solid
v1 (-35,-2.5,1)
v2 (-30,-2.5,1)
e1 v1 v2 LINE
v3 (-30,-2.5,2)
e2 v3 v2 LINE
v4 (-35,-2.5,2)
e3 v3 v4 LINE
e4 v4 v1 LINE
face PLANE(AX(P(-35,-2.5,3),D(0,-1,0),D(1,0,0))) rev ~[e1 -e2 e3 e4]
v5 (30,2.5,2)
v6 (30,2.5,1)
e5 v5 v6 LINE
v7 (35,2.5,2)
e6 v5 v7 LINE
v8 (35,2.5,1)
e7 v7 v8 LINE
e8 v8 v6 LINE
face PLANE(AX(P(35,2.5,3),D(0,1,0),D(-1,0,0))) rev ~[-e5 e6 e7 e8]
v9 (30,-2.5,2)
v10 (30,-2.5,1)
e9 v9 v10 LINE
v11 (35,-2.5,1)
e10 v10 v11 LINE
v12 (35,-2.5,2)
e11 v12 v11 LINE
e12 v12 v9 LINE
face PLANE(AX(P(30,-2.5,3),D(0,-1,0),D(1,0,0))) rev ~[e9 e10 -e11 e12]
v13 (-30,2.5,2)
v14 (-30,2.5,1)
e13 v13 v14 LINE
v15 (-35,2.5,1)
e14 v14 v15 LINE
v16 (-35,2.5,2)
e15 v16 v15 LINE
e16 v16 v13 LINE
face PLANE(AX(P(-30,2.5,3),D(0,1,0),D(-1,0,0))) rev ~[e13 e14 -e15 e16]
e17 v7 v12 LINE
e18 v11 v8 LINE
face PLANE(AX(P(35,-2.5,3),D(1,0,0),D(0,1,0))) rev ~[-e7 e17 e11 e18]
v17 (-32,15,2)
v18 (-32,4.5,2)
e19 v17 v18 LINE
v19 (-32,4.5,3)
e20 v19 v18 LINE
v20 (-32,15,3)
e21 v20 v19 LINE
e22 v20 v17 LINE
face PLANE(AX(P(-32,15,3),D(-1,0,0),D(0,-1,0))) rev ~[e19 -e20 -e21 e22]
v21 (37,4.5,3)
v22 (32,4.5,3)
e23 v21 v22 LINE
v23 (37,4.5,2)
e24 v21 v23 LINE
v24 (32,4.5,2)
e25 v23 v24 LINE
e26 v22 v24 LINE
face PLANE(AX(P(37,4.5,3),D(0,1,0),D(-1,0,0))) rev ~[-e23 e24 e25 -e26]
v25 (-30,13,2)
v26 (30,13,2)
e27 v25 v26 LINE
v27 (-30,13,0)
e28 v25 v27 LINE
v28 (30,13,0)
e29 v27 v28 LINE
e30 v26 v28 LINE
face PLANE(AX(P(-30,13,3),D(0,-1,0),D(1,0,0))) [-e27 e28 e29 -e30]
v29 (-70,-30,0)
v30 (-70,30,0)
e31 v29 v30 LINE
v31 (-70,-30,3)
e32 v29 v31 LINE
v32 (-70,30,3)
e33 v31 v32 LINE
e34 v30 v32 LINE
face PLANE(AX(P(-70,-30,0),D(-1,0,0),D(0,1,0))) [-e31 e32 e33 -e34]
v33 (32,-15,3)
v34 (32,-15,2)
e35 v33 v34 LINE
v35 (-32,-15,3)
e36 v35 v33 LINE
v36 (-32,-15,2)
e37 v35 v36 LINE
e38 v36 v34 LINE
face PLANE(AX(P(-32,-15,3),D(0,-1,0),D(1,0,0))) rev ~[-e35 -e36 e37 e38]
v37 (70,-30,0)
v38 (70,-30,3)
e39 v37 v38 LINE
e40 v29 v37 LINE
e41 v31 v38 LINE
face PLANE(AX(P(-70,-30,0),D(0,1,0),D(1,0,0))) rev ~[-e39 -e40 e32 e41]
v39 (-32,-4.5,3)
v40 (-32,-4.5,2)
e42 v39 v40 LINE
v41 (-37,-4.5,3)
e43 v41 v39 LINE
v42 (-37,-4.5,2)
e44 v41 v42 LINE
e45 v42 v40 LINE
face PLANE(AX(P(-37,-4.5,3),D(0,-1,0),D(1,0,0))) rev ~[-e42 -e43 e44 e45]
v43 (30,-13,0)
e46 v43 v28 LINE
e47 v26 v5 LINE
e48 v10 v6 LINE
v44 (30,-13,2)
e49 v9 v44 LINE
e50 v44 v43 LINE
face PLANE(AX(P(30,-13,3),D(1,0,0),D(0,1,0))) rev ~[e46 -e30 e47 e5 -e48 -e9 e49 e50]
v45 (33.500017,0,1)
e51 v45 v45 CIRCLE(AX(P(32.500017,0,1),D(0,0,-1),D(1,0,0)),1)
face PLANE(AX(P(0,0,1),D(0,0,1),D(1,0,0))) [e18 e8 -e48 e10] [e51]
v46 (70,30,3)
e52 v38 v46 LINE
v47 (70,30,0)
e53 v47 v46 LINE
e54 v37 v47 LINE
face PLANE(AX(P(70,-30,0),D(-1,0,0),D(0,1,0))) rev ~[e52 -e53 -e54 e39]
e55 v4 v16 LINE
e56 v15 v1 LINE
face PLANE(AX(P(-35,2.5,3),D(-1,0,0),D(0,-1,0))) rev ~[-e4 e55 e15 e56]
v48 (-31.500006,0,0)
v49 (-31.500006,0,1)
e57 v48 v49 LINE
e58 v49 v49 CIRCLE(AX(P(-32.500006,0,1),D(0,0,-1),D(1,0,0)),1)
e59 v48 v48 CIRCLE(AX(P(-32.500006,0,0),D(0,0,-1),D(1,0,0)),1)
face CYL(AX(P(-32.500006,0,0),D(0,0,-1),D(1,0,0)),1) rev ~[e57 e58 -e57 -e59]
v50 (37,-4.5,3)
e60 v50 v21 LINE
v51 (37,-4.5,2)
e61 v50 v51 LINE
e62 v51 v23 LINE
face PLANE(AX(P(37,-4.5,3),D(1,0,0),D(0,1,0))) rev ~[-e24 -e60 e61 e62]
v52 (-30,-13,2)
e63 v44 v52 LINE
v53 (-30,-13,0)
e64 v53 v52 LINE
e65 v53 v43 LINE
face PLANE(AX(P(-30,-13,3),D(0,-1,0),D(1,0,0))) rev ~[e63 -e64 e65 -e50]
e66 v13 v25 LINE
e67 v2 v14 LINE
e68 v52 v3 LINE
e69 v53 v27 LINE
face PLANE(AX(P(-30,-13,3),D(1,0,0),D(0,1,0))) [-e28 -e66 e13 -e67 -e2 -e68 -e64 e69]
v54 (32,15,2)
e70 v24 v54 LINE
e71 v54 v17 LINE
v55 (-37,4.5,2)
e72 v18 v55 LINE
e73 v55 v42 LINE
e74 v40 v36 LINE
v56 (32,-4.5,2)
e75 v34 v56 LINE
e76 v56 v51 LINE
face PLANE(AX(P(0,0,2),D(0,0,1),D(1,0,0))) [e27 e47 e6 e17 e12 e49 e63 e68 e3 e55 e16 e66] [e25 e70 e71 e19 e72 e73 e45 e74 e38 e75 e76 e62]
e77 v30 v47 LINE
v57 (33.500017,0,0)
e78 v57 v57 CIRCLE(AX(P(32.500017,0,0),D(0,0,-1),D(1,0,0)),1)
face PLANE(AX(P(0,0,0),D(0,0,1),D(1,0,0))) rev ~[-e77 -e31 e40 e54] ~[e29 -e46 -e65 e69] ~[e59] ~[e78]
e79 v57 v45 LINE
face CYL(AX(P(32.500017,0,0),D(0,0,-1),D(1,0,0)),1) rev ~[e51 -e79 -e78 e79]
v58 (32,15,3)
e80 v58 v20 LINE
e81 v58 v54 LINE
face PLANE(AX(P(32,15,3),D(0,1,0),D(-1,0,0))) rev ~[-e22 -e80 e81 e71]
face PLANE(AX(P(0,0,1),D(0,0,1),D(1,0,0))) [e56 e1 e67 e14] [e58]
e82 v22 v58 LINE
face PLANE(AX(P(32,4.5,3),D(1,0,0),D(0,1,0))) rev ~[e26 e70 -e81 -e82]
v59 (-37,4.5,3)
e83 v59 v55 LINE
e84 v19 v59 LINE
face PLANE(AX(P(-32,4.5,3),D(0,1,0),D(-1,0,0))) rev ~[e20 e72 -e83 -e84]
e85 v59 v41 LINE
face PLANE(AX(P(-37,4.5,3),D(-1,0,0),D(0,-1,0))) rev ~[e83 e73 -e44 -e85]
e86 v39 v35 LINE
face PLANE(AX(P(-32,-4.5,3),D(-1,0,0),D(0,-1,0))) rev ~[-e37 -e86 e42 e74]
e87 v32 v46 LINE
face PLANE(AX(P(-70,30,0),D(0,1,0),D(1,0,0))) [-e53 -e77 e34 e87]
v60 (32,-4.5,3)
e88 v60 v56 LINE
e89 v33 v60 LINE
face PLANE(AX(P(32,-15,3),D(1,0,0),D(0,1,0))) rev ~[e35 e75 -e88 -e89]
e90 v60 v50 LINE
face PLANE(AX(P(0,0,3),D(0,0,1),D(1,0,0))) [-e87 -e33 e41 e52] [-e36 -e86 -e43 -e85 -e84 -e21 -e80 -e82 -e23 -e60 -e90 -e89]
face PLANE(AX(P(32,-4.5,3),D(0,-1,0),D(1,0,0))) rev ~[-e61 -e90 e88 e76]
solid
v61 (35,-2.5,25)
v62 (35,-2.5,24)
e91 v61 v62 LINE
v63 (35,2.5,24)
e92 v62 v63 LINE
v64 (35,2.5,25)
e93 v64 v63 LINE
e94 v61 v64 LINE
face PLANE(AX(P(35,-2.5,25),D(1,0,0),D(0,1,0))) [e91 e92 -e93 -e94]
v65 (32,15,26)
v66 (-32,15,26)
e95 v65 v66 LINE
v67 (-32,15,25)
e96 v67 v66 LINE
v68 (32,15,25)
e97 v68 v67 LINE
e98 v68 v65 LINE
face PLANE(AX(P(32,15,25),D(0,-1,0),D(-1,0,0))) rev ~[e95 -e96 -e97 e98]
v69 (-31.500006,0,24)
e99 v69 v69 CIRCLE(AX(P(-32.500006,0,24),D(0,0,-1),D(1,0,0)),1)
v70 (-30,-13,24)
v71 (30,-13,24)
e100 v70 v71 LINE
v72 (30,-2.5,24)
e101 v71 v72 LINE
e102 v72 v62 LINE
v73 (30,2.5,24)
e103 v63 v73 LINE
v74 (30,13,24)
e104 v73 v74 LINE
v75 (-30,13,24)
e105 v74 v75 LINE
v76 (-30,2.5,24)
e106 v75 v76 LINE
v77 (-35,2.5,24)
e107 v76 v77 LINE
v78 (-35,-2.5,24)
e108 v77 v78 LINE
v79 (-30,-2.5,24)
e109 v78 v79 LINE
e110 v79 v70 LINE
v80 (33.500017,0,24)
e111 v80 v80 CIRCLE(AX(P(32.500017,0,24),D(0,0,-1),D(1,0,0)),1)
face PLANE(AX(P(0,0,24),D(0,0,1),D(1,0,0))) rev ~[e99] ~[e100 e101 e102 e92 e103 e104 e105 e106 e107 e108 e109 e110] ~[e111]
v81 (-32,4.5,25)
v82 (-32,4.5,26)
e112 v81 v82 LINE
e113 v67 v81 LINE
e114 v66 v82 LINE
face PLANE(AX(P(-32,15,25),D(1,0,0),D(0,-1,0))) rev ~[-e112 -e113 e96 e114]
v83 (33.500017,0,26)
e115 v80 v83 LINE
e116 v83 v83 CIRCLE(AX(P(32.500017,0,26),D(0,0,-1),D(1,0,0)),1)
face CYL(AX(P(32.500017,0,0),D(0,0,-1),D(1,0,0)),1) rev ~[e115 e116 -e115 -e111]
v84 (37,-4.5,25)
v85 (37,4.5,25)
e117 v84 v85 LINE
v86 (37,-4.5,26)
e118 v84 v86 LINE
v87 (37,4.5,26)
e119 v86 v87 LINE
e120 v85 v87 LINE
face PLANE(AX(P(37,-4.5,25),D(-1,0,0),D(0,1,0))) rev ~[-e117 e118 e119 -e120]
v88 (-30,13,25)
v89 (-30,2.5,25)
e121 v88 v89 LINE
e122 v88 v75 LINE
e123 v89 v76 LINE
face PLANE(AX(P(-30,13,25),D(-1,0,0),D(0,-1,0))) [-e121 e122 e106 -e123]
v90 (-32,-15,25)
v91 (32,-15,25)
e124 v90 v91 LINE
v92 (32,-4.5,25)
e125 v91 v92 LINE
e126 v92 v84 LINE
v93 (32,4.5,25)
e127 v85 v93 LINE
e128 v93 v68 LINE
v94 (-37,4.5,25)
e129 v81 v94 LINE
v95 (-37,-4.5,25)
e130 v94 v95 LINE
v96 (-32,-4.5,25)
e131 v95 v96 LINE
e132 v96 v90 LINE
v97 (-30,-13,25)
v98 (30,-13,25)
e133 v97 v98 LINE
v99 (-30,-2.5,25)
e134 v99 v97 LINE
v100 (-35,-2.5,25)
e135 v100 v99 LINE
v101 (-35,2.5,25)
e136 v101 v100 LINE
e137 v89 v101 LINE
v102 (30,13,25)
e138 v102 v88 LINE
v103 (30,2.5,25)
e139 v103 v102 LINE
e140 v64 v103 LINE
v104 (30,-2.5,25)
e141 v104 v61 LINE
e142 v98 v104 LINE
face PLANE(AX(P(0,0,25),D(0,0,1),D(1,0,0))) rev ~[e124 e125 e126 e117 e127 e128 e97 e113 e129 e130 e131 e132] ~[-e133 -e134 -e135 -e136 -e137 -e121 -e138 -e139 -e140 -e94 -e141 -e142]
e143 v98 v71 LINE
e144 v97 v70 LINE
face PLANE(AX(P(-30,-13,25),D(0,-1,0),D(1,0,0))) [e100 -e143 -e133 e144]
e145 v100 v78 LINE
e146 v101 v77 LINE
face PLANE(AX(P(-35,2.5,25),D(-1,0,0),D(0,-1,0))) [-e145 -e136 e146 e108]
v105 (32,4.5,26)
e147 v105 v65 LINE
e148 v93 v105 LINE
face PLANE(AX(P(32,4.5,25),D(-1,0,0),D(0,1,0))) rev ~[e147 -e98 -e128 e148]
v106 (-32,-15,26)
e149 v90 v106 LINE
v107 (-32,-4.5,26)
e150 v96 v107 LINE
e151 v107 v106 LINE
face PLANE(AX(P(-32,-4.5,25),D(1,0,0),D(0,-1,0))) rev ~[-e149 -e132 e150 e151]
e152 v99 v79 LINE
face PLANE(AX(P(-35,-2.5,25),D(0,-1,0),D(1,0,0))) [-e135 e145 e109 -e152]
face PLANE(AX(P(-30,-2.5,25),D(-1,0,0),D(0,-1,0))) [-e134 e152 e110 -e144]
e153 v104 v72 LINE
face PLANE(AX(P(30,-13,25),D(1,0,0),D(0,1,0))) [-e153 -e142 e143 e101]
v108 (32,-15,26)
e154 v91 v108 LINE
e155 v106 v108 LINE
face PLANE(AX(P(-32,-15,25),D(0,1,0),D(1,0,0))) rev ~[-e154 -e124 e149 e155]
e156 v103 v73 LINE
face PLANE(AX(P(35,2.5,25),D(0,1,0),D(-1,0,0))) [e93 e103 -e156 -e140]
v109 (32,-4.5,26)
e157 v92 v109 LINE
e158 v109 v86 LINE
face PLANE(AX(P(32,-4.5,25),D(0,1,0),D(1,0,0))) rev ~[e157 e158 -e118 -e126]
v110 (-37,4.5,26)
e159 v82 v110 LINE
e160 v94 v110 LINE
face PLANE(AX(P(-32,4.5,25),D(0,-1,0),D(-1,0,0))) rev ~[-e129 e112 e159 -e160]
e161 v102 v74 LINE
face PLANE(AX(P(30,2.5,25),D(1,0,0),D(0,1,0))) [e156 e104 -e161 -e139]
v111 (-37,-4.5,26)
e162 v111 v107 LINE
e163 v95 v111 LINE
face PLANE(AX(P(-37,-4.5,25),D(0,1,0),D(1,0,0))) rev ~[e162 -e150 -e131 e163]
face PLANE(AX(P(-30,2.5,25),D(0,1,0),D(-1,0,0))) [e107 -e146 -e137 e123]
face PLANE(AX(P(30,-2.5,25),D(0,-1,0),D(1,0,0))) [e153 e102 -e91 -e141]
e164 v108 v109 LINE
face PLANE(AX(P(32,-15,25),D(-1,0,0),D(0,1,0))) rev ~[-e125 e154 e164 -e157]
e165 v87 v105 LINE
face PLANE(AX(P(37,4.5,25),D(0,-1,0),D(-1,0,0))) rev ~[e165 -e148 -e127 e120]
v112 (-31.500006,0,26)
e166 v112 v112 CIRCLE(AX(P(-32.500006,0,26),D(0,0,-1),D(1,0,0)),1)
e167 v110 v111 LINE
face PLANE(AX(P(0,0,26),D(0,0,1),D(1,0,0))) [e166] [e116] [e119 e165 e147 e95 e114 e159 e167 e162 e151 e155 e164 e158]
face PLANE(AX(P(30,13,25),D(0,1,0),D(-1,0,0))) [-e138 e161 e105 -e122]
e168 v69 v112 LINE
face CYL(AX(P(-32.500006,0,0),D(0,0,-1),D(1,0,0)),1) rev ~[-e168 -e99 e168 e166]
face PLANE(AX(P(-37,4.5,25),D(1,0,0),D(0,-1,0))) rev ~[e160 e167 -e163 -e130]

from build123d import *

# Parameters (mm, degrees)
F0_W      = 140
F0_H      = 60
F1_DEPTH  = 3
F4_DEPTH  = 2
F5_DEPTH  = 1
F6_W      = 60
F6_H      = 26
F7_DEPTH  = 25
F11_DEPTH = 1
F12_DEPTH = 1
F13_R     = 1
F14_DEPTH = 43


with BuildPart() as f1:
    # F0 (on Top) → F1 (new body)
    with BuildSketch(Plane.XY):
        Rectangle(F0_W, F0_H)
    extrude(amount=F1_DEPTH)

    # F2 (on face) → F4 (cut)
    with BuildSketch(Plane.XY.offset(3)):
        Polygon((-30, -2.5), (-30, -13), (30, -13), (30, -2.5), (35, -2.5), (35, 2.5), (30, 2.5), (30, 13), (-30, 13), (-30, 2.5), (-35, 2.5), (-35, -2.5), align=None)
    extrude(amount=-F4_DEPTH, mode=Mode.SUBTRACT)

    # F3 (on face) → F5 (cut)
    with BuildSketch(Plane.XY.offset(3)):
        Polygon((32, 15), (-32, 15), (-32, 4.5), (-37, 4.5), (-37, -4.5), (-32, -4.5), (-32, -15), (32, -15), (32, -4.5), (37, -4.5), (37, 4.5), (32, 4.5), align=None)
    extrude(amount=-F5_DEPTH, mode=Mode.SUBTRACT)

    # F6 (on face) → F7 (cut)
    with BuildSketch(Plane.XY.offset(3)):
        Rectangle(F6_W, F6_H)
    extrude(amount=-F7_DEPTH, mode=Mode.SUBTRACT)


with BuildPart() as f11:
    # F10 (on offset) → F11 (new body)
    with BuildSketch(Plane.XY.offset(25)):
        Polygon((-30, -2.5), (-30, -13), (30, -13), (30, -2.5), (35, -2.5), (35, 2.5), (30, 2.5), (30, 13), (-30, 13), (-30, 2.5), (-35, 2.5), (-35, -2.5), align=None)
    extrude(amount=-F11_DEPTH)

    # F9 (on offset) → F12 (join)
    with BuildSketch(Plane.XY.offset(25)):
        Polygon((32, 15), (-32, 15), (-32, 4.5), (-37, 4.5), (-37, -4.5), (-32, -4.5), (-32, -15), (32, -15), (32, -4.5), (37, -4.5), (37, 4.5), (32, 4.5), align=None)
    extrude(amount=F12_DEPTH)


with BuildPart() as f14_tool:
    # F13 (on face) → F14 (new body)
    with BuildSketch(Plane(origin=(0, 0, 0), x_dir=(1, 0, 0), z_dir=(0, 0, -1))):
        with Locations((-32.500006, 0)):
            Circle(F13_R)
        with Locations((32.500017, 0)):
            Circle(F13_R)
    extrude(amount=-F14_DEPTH)


with BuildPart() as f1_1:
    add(f1.part)

    # F14: cut by f14_tool
    add(f14_tool.part, mode=Mode.SUBTRACT)


with BuildPart() as f11_1:
    add(f11.part)

    # F14: cut by f14_tool
    add(f14_tool.part, mode=Mode.SUBTRACT)


solid = Compound([f1_1.part, f11_1.part])
